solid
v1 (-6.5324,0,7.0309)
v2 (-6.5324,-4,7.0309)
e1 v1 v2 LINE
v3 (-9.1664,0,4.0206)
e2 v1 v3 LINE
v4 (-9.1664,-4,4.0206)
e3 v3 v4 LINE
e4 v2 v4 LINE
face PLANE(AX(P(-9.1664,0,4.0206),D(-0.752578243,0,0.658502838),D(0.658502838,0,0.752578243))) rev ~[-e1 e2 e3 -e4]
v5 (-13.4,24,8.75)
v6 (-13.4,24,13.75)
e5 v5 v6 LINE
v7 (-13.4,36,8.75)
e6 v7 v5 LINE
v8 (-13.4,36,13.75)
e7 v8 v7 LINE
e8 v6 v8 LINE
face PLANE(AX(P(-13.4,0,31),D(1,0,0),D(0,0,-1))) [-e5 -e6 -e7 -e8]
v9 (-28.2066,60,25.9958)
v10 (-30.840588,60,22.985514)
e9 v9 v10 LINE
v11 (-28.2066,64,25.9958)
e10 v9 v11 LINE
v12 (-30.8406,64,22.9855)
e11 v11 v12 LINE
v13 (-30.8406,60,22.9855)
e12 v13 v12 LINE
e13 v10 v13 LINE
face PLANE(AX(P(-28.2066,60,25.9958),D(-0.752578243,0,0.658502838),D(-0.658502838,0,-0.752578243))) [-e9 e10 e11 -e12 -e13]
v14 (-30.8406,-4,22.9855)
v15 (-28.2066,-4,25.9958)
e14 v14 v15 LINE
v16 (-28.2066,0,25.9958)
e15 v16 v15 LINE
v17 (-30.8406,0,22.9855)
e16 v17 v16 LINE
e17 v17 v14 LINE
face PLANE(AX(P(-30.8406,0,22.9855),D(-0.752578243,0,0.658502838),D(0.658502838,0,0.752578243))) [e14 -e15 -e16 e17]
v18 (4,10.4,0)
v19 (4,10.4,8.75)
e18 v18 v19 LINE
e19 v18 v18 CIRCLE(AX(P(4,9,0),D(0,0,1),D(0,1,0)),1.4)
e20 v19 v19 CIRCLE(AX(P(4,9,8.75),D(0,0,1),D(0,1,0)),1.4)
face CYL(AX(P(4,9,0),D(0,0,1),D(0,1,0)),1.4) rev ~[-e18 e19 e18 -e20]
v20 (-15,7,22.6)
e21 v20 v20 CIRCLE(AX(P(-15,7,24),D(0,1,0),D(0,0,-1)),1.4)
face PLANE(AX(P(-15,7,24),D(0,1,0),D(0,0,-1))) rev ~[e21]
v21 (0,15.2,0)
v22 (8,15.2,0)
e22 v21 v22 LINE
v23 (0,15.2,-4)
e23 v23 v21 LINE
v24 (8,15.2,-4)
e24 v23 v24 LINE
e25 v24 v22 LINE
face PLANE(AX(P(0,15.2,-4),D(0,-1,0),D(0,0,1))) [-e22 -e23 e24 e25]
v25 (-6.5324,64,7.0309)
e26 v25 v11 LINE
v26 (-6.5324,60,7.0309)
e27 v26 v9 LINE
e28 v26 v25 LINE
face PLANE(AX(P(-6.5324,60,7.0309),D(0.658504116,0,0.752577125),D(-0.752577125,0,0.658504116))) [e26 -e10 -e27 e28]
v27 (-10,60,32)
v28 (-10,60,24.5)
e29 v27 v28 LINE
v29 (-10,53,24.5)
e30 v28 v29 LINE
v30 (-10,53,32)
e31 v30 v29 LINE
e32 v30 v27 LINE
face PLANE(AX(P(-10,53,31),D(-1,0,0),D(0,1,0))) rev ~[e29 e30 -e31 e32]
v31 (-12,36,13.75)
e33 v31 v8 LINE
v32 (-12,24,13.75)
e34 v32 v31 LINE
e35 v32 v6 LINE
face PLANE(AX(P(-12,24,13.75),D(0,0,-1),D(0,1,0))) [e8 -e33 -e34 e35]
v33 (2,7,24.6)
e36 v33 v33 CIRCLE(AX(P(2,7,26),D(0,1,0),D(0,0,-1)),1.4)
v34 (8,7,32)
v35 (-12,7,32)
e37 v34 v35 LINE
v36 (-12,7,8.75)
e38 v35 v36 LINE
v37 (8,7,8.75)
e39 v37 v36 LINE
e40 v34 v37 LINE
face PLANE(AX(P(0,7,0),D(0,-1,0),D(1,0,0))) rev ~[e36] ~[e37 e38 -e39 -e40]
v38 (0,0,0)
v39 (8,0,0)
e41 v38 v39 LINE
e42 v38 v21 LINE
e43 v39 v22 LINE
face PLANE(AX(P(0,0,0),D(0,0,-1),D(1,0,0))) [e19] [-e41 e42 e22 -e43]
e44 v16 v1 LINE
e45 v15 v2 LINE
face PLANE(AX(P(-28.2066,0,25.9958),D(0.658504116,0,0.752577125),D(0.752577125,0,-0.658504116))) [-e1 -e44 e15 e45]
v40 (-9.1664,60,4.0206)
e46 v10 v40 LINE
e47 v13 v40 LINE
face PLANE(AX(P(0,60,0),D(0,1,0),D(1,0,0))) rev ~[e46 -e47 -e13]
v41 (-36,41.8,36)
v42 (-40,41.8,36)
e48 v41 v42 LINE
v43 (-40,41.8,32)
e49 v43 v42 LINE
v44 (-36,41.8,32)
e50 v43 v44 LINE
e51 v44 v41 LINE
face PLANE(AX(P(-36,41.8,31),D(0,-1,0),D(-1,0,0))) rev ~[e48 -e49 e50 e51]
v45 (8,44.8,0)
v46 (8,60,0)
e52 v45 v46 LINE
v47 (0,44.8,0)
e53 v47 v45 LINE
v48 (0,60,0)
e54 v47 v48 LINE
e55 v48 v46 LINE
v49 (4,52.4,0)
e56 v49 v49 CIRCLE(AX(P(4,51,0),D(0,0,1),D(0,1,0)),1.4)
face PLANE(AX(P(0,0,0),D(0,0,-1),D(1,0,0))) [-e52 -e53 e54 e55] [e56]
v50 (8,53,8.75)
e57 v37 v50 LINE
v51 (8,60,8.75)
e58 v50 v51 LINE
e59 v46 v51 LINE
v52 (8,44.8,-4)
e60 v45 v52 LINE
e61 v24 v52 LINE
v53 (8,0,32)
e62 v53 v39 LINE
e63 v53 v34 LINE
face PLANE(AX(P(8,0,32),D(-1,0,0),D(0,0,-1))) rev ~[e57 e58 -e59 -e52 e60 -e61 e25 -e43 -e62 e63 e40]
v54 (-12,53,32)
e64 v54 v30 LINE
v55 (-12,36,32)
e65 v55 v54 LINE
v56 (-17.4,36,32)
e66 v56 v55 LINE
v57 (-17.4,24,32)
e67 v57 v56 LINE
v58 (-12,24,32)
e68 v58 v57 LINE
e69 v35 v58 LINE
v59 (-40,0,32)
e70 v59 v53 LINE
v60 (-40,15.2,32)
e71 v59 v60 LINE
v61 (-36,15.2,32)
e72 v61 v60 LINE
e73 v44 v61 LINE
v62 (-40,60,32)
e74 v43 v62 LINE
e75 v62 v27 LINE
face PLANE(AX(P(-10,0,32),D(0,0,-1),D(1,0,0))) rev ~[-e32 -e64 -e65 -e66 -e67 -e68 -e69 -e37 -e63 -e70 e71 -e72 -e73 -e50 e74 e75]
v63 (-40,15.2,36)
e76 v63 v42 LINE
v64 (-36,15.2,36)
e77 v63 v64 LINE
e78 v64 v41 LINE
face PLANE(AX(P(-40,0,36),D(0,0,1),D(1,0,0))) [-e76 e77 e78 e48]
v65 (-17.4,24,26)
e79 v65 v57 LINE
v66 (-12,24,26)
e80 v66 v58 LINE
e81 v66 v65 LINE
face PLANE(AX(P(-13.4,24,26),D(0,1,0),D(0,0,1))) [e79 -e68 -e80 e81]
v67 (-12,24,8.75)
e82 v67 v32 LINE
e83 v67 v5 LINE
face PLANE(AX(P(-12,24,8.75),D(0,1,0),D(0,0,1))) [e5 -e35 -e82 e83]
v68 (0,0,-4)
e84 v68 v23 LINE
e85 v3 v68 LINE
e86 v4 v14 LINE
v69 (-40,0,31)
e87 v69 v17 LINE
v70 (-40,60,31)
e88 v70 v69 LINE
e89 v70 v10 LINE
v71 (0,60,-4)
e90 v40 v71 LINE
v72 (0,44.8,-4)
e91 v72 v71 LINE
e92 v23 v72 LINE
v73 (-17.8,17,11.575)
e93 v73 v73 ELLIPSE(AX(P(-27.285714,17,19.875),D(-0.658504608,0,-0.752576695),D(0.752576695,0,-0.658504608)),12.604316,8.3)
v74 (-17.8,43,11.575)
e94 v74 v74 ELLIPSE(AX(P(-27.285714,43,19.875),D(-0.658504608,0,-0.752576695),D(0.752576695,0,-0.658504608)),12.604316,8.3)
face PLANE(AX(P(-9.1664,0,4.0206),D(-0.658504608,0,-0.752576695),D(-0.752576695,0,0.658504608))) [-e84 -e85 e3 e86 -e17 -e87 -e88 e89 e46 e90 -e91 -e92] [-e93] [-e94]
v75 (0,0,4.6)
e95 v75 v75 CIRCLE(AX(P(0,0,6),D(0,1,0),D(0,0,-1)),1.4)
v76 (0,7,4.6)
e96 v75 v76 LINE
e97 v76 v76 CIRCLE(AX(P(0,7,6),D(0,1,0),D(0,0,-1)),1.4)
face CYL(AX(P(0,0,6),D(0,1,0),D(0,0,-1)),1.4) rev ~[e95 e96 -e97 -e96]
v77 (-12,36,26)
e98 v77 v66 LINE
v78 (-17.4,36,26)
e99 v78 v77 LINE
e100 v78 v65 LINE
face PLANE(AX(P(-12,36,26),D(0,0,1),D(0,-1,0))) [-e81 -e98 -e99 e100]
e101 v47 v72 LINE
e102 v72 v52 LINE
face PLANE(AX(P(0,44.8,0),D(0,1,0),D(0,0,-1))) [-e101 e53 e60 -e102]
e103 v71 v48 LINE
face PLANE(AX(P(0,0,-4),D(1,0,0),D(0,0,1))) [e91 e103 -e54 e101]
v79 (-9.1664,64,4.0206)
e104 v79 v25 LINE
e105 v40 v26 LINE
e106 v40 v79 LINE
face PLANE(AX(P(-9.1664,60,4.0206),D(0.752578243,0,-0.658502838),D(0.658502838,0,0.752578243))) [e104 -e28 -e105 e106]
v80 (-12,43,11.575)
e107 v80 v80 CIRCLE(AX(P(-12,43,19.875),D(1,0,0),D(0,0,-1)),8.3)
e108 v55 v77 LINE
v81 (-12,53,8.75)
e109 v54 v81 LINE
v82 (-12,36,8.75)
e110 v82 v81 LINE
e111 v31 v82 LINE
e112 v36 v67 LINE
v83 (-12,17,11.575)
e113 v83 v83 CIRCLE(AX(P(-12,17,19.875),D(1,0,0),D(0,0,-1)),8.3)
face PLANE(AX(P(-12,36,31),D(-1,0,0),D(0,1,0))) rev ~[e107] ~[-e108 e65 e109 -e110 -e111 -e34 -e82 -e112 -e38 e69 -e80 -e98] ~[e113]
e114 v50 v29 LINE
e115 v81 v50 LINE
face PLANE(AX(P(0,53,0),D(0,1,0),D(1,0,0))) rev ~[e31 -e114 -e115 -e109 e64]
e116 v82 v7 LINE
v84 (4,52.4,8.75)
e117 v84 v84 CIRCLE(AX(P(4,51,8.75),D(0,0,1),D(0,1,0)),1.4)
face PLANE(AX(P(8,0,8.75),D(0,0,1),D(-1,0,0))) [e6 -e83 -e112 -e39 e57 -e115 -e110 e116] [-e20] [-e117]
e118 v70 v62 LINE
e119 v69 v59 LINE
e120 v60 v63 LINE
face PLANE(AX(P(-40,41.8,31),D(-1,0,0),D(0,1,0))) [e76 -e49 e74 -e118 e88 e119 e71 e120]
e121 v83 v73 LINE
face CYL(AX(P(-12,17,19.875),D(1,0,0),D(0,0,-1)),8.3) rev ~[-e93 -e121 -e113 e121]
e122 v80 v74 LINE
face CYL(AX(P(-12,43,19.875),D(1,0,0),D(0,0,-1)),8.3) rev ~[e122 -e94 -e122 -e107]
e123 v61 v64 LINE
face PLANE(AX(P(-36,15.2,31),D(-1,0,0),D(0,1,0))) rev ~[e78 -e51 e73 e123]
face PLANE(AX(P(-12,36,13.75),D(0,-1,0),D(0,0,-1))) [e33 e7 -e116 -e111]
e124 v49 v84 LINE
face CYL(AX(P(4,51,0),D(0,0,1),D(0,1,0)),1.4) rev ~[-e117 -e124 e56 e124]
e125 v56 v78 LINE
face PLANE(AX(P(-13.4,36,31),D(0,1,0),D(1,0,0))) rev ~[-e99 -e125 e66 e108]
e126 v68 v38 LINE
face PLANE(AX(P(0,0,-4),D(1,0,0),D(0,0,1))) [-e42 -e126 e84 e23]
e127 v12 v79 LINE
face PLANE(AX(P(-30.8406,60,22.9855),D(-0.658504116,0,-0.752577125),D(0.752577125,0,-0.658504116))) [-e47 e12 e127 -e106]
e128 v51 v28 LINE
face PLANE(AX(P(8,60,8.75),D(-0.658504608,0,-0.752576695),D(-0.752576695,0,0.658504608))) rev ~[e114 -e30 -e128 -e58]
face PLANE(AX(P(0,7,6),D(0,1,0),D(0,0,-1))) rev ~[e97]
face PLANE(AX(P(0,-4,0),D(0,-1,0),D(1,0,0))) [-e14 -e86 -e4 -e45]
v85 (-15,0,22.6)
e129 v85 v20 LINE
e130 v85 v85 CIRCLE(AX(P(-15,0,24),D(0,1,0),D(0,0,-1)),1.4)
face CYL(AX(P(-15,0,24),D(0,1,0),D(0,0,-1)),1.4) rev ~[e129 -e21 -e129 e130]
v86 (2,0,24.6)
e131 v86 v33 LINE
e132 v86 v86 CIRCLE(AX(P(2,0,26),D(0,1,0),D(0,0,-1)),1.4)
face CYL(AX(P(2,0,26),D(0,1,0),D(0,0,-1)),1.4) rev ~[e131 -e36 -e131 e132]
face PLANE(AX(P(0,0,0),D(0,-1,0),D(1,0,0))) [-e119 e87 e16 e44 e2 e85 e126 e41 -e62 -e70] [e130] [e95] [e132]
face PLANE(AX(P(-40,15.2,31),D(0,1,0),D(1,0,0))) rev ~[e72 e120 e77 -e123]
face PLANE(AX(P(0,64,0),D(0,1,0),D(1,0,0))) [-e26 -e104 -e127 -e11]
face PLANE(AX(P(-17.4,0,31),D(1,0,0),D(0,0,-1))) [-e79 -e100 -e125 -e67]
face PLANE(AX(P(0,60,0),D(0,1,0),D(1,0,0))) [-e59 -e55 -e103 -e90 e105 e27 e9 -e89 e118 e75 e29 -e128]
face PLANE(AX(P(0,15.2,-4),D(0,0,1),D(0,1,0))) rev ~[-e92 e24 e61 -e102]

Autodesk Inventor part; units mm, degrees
ref_plane "YZ Plane" through (0, 0, 0) normal (1, 0, 0) x (0, 1, 0)
ref_plane "XZ Plane" through (0, 0, 0) normal (0, 1, 0) x (-1, 0, 0)
ref_plane "XY Plane" through (0, 0, 0) normal (0, 0, 1) x (1, 0, 0)
sketch "Эскиз1" plane through (0, 0, 0) normal (0, 1, 0) x (-1, 0, 0)
  line L0 (0, -4) -> (0, 0)
  line L1 (40, 31) -> (10, 31)
  line L2 (40, 31) -> (0, -4)
  line L3 (10, 31) -> (10, 8.75)
  line L4 (10, 8.75) -> (0, 0)
  dimension "d2" = 35
  dimension "d3" = 40
  dimension "d4" = 30
  dimension "d5" = 4
  dimension "d6" = 22.25
extrude "Выдавливание1" add sketch "Эскиз1" along normal blind 60
sketch "Эскиз2" plane through (-10, 0, 31) normal (1, 0, 0) x (0, 0, -1)
  line L0 (0, 0) -> (0, 60) projected
  line L1 (22.25, 0) -> (22.25, 60) projected
  line L2 (0, 53) -> (22.25, 53)
  line L3 (22.25, 53) -> (22.25, 7)
  line L4 (22.25, 7) -> (0, 7)
  line L5 (0, 7) -> (0, 53)
  point P0 (31, 0)
  point P1 (0, 30)
  dimension "d9" = 46
extrude "Выдавливание2" cut sketch "Эскиз2" against normal blind 2
sketch "Эскиз3" plane through (-12, 0, 31) normal (1, 0, 0) x (0, 0, -1)
  circle A0 centre (11.125, 43) radius 8.3
  circle A1 centre (11.125, 17) radius 8.3
  line L0 (11.125, 17) -> (11.125, 43) construction
  line L1 (0, 7) -> (0, 53) projected
  line L2 (0, 53) -> (22.25, 53) projected
  point P0 (31, 0)
  point P1 (11.125, 30)
  point P2 (0, 30)
  point P3 (11.125, 53)
  dimension "d12" = 16.6
  dimension "d13" = 26
extrude "Выдавливание3" cut sketch "Эскиз3" against normal through all
sketch "Эскиз4" plane through (-12, 0, 31) normal (1, 0, 0) x (0, 0, -1)
  line L0 (22.25, 53) -> (22.25, 7) projected
  line L1 (17.25, 36) -> (22.25, 36)
  line L2 (22.25, 36) -> (22.25, 24)
  line L3 (22.25, 24) -> (17.25, 24)
  line L4 (17.25, 24) -> (17.25, 36)
  line L5 (0, 36) -> (5, 36)
  line L6 (5, 36) -> (5, 24)
  line L7 (5, 24) -> (0, 24)
  line L8 (0, 24) -> (0, 36)
  line L9 (0, 7) -> (0, 53) projected
  point P0 (31, 0)
  point P1 (0, 30)
  dimension "d16" = 5
  dimension "d17" = 12
extrude "Выдавливание4" cut sketch "Эскиз4" against normal blind 1.4
sketch "Эскиз5" plane through (0, 0, 0) normal (1, 0, 0) x (0, 0, -1)
  line L0 (4, 0) -> (4, 60) projected
  line L1 (0, 44.8) -> (4, 44.8)
  line L2 (4, 44.8) -> (4, 15.2)
  line L3 (4, 15.2) -> (0, 15.2)
  line L4 (0, 15.2) -> (0, 44.8)
  line L5 (0, 0) -> (0, 60) projected
  point P0 (4, 30)
  dimension "d20" = 29.6
extrude "Выдавливание5" add sketch "Эскиз5" along normal blind 8
sketch "Эскиз6" plane through (-40, 0, 31) normal (0, 0, 1) x (1, 0, 0)
  line L0 (0, 0) -> (0, 60) projected
  line L1 (0, 15.2) -> (4, 15.2)
  line L2 (4, 15.2) -> (4, 41.8)
  line L3 (4, 41.8) -> (0, 41.8)
  line L4 (0, 41.8) -> (0, 15.2)
  point P0 (40, 0)
  point P1 (0, 30)
  dimension "d23" = 4
  dimension "d24" = 26.6
  dimension "d37" = 14.8
extrude "Выдавливание6" add sketch "Эскиз6" along normal blind 5
sketch "Эскиз7" plane through (0, 0, 0) normal (0, -1, 0) x (1, 0, 0)
  line L0 (-9.1664, 4.0206) -> (-6.5324, 7.0309)
  line L1 (-10, 8.75) -> (0, 0) projected
  line L2 (0, -4) -> (-40, 31) projected
  line L3 (-9.1664, 4.0206) -> (-30.8406, 22.9855)
  line L4 (-17.8, 11.575) -> (-36.7714, 28.175) projected
  line L5 (-30.8406, 22.9855) -> (-28.2066, 25.9958)
  line L6 (-28.2066, 25.9958) -> (-6.5324, 7.0309)
  dimension "d28" = 4
  dimension "d29" = 28.8
  dimension "d30" = 12.18
extrude "Выдавливание7" add sketch "Эскиз7" along normal blind 4
sketch "Эскиз8" plane through (0, 60, 0) normal (0, 1, 0) x (1, 0, 0)
  line L0 (-9.1664, -4.0206) -> (-6.5324, -7.0309) projected
  line L1 (-6.5324, -7.0309) -> (-28.2066, -25.9958) projected
  line L2 (-28.2066, -25.9958) -> (-30.8406, -22.9855) projected
  line L3 (-30.8406, -22.9855) -> (-9.1664, -4.0206) projected
  point P0 (0, 0)
extrude "Выдавливание8" add sketch "Эскиз8" along normal blind 4
sketch "Эскиз9" plane through (-40, 0, 31) normal (0, 0, 1) x (1, 0, 0)
  line L0 (0, 41.8) -> (4, 41.8) projected
  line L1 (4, 41.8) -> (4, 15.2) projected
  line L2 (4, 15.2) -> (0, 15.2) projected
  line L3 (0, 0) -> (0, 15.2) projected
  line L4 (0, 0) -> (30, 0) projected
  line L5 (30, 0) -> (30, 7) projected
  line L6 (30, 7) -> (28, 7) projected
  line L7 (28, 7) -> (28, 24) projected
  line L8 (28, 24) -> (26.6, 24) projected
  line L9 (26.6, 24) -> (26.6, 36) projected
  line L10 (26.6, 36) -> (28, 36) projected
  line L11 (28, 36) -> (28, 53) projected
  line L12 (28, 53) -> (30, 53) projected
  line L13 (30, 53) -> (30, 60) projected
  line L14 (0, 60) -> (30, 60) projected
  line L15 (0, 41.8) -> (0, 60) projected
  point P0 (40, 0)
extrude "Выдавливание9" add sketch "Эскиз9" along normal blind 1
sketch "Эскиз10" plane through (-13.4, 0, 31) normal (1, 0, 0) x (0, 0, -1)
  line L0 (5, 24) -> (-1, 24) projected
  line L1 (5, 36) -> (5, 24) projected
  line L2 (-1, 36) -> (5, 36) projected
  line L3 (-1, 24) -> (-1, 36) projected
  point P0 (31, 0)
extrude "Выдавливание10" cut sketch "Эскиз10" against normal blind 4
sketch "Эскиз12" plane through (0, 0, 0) normal (0, -1, 0) x (1, 0, 0)
  line L0 (-10, 8.75) -> (-10, 32) projected
  line L1 (0, 0) -> (8, 0) projected
  line L2 (-10, 8.75) -> (0, 0)
  line L3 (0, 0) -> (8, 0)
  line L4 (8, 0) -> (8, 8.75)
  line L5 (8, 8.75) -> (-10, 8.75)
extrude "Выдавливание11" add sketch "Эскиз12" against normal up to surface (60 mm away)
sketch "Эскиз13" plane through (0, 60, 0) normal (0, 1, 0) x (1, 0, 0)
  line L0 (-10, -32) -> (-10, -8.75) projected
  line L1 (-10, -8.75) -> (8, -8.75)
  line L2 (8, -8.75) -> (-10, -24.5)
  line L3 (-10, -8.75) -> (-12, -8.75) projected
  line L4 (-10, -8.75) -> (-10, -24.5)
  line L5 (0, 4) -> (-9.1664, -4.0206) projected
  point P0 (0, 0)
extrude "Выдавливание12" add sketch "Эскиз13" against normal up to surface (7 mm away)
sketch "Эскиз16" plane through (0, 0, 0) normal (0, -1, 0) x (1, 0, 0)
  line L0 (-10, 8.75) -> (-10, 32) projected
  line L1 (-10, 32) -> (8, 32)
  line L2 (8, 0) -> (8, 8.75) projected
  line L3 (8, 32) -> (8, 8.75)
  line L4 (-10, 8.75) -> (-12, 8.75) projected
  line L5 (8, 8.75) -> (-10, 8.75)
  line L6 (-10, 8.75) -> (-10, 32)
  point P0 (0, 0)
extrude "Выдавливание15" add sketch "Эскиз16" against normal blind 7
sketch "Эскиз17" plane through (8, 44.8, 0) normal (0, 0, -1) x (-1, 0, 0)
  line L0 (8, 15.2) -> (0, 15.2) projected
  line L1 (8, -44.8) -> (0, -44.8) projected
  point P0 (4, 6.2)
  point P1 (4, -35.8)
  point P2 (4, 15.2)
  dimension "d58" = 9
  dimension "d59" = 9
hole "Отверстие1" at (4, 51, 0) at (4, 9, 0) direction (0, 0, 1) diameter 2.8 end through all
sketch "Эскиз19" plane through (0, 0, 0) normal (0, -1, 0) x (1, 0, 0)
  line L0 (0, -4) -> (8, -4) projected
  line L1 (-40, 32) -> (-40, 36) projected
  line L2 (-40, 32) -> (8, 32) projected
  point P0 (0, 0)
  point P1 (-15, 24)
  point P2 (0, 6)
  point P3 (2, 26)
  dimension "d67" = 10
  dimension "d68" = 25
  dimension "d69" = 40
  dimension "d72" = 42
  dimension "d73" = 30
  dimension "d74" = 28
hole "Отверстие2" at (-15, 0, 24) at (0, 0, 6) at (2, 0, 26) direction (0, 1, 0) diameter 2.8 depth 7
properties part number "Sensor" material "Пластик АБС"
